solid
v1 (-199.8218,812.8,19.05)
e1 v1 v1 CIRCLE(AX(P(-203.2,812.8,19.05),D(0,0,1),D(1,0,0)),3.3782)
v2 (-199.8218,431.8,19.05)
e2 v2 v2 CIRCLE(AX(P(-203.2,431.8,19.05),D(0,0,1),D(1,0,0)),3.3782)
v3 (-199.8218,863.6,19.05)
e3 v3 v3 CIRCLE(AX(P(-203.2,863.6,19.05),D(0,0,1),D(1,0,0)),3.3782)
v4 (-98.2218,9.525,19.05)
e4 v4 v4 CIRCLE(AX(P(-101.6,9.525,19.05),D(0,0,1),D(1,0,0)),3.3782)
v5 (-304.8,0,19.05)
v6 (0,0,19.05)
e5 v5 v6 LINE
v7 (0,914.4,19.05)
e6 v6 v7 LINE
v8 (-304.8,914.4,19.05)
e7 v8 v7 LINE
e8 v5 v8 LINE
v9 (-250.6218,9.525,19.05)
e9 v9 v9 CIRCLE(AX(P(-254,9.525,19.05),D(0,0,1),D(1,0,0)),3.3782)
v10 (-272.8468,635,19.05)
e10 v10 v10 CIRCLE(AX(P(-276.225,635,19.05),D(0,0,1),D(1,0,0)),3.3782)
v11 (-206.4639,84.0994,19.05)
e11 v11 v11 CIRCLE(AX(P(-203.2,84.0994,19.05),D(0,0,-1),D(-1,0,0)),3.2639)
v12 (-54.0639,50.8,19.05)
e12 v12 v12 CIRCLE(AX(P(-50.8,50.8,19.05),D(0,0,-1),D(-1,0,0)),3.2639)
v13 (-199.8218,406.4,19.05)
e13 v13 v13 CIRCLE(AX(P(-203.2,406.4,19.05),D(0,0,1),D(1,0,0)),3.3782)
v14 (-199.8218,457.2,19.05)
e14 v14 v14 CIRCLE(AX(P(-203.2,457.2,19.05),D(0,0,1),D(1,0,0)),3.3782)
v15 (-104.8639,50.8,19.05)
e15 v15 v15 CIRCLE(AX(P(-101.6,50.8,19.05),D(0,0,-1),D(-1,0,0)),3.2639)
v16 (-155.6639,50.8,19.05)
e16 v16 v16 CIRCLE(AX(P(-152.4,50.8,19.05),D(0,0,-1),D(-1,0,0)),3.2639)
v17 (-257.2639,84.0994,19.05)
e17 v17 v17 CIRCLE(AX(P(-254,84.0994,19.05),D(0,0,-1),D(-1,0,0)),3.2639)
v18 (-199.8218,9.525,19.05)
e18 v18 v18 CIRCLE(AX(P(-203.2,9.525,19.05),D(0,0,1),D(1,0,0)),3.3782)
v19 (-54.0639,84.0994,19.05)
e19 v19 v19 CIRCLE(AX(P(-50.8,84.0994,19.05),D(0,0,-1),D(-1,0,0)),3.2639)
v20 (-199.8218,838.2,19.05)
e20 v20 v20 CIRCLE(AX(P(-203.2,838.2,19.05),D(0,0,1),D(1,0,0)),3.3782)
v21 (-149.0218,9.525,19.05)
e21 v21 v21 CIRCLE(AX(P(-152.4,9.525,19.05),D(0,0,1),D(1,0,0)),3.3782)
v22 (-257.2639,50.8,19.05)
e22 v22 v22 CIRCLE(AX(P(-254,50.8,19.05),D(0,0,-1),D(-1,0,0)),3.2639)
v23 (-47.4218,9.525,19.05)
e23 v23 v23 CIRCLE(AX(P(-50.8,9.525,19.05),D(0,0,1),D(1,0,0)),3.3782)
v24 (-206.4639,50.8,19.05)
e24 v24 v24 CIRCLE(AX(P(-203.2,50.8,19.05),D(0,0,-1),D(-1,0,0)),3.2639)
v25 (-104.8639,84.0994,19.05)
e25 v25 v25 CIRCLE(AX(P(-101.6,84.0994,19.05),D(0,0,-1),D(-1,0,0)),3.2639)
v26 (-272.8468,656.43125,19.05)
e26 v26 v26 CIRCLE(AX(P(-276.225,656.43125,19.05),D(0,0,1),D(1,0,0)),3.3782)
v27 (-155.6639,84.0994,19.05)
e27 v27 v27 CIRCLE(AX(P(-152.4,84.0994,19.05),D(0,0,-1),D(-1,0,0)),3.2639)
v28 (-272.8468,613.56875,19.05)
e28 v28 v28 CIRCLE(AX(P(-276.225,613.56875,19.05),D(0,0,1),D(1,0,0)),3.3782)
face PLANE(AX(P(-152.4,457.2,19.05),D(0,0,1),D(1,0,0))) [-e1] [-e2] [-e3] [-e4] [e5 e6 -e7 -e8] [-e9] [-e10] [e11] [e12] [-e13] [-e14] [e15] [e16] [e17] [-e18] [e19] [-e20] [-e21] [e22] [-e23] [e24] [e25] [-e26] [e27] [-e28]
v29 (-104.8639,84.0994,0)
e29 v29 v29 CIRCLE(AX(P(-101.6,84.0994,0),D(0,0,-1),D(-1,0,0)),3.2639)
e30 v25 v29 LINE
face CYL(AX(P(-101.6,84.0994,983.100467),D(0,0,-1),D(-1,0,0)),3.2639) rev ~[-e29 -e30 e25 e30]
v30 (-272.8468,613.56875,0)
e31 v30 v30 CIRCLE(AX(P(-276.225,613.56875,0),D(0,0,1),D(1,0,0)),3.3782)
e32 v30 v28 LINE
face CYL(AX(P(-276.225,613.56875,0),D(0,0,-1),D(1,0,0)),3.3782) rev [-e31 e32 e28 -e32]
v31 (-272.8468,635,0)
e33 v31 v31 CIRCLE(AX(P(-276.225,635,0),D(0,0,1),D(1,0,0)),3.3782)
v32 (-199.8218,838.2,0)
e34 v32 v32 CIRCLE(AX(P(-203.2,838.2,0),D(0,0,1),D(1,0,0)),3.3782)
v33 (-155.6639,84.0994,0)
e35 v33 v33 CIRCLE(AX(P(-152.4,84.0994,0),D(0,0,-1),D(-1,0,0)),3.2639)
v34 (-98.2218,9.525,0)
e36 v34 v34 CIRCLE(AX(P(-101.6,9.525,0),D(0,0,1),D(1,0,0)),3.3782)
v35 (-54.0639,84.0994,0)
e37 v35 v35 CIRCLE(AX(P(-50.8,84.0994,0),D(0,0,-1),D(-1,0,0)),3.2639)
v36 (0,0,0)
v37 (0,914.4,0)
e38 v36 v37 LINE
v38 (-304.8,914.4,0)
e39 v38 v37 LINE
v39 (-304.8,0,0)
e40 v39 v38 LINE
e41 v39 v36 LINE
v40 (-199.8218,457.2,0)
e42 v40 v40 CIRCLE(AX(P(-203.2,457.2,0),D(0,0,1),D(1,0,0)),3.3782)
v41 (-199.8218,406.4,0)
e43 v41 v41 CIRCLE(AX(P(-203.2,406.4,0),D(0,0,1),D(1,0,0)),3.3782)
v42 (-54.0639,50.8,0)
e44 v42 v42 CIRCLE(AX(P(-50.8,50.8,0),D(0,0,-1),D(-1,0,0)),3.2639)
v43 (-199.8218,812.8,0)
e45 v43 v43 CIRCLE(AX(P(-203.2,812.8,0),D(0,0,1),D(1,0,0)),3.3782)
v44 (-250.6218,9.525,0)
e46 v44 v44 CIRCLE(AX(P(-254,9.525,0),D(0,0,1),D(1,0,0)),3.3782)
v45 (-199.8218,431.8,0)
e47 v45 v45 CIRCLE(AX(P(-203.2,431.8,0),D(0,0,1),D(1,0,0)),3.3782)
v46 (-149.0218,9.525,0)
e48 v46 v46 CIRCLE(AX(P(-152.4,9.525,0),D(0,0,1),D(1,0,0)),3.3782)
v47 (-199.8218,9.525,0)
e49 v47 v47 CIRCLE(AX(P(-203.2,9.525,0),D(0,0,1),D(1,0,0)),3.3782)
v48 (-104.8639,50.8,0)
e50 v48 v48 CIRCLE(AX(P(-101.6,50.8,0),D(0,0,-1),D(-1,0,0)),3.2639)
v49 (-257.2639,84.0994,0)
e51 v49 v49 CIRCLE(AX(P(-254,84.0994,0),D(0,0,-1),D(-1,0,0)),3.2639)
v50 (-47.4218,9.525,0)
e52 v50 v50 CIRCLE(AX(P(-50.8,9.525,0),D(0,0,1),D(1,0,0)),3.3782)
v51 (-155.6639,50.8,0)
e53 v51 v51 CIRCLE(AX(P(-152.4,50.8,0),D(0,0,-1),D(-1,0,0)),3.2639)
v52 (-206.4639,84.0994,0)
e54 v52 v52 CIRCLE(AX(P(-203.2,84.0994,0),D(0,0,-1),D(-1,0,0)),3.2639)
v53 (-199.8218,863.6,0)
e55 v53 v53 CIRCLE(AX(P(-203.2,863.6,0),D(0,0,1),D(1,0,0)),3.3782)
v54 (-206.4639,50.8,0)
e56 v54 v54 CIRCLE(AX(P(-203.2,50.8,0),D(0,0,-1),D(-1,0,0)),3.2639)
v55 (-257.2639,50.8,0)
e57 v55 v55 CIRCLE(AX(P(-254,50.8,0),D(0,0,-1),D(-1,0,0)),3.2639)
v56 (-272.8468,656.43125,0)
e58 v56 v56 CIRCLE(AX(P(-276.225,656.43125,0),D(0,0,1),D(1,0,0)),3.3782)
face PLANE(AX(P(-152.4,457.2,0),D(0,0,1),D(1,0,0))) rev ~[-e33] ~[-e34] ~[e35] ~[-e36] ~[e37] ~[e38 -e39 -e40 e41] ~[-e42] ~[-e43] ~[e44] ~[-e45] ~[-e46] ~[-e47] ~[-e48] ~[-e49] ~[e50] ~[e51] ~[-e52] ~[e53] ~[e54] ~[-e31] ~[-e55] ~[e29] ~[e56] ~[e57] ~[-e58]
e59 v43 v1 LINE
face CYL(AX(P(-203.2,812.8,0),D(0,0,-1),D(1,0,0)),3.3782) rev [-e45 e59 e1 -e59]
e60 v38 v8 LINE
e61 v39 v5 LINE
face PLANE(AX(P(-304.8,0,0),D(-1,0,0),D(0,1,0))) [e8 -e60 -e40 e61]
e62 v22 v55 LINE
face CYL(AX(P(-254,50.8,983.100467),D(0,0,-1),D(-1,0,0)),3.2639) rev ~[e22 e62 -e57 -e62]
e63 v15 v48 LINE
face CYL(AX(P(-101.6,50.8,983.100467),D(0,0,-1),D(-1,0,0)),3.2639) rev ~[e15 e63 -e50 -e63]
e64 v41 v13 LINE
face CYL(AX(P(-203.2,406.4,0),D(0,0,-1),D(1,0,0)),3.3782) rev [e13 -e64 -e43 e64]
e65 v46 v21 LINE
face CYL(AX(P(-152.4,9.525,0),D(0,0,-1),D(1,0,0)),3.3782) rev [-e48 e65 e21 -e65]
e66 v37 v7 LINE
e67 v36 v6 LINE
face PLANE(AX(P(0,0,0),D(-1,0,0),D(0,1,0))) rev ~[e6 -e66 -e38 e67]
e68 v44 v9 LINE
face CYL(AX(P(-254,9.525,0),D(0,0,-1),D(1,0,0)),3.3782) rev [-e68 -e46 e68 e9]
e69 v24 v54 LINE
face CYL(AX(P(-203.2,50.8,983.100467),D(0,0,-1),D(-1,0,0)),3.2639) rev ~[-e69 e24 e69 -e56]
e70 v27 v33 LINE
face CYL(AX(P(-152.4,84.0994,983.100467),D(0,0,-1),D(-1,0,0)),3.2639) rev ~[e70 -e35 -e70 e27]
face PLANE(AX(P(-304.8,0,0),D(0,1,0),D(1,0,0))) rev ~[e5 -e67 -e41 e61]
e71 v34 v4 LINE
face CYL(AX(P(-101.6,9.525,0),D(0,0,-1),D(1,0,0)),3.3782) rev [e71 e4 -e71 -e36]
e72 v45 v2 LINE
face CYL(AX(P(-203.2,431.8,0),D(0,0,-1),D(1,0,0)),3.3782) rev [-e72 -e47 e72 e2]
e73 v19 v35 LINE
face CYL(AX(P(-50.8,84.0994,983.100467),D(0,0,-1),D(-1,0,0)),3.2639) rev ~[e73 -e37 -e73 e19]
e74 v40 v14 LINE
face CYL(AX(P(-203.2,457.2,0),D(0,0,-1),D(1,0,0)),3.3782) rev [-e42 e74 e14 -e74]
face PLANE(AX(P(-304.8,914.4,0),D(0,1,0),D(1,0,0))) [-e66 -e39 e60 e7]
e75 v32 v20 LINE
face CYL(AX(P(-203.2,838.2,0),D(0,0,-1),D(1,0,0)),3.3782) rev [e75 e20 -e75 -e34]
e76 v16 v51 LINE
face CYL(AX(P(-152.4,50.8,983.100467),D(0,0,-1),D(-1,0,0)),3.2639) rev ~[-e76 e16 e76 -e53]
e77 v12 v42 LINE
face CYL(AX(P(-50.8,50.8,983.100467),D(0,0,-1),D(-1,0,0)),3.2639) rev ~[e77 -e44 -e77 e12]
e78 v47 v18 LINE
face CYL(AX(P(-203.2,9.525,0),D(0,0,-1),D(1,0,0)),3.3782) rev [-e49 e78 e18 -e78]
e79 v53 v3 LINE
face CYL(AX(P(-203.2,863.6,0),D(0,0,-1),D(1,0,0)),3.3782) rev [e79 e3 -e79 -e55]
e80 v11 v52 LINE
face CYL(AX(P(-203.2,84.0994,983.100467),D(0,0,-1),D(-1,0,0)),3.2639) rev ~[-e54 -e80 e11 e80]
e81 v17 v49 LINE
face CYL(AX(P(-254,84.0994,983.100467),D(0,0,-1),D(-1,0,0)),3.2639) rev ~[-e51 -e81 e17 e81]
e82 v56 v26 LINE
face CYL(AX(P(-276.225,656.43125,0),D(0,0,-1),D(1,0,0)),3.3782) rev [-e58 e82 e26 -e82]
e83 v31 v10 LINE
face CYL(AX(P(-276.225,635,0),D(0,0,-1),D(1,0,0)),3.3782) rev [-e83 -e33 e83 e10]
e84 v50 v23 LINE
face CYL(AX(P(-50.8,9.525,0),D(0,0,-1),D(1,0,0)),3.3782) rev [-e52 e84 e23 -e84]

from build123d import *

# Parameters (mm, degrees)
F0_W     = 304.8
F0_H     = 914.4
F0_R     = 3.3782
F1_DEPTH = 19.05
F3_D     = 6.5278


with BuildPart() as f1:
    # F0 (on Top) → F1 (new body)
    with BuildSketch(Plane.XY):
        with Locations((-152.4, 457.2)):
            Rectangle(F0_W, F0_H)
        with Locations((-254, 9.525)):
            Circle(F0_R, mode=Mode.SUBTRACT)
        with Locations((-203.2, 9.525)):
            Circle(F0_R, mode=Mode.SUBTRACT)
        with Locations((-203.2, 406.4)):
            Circle(F0_R, mode=Mode.SUBTRACT)
        with Locations((-203.2, 431.8)):
            Circle(F0_R, mode=Mode.SUBTRACT)
        with Locations((-152.4, 9.525)):
            Circle(F0_R, mode=Mode.SUBTRACT)
        with Locations((-101.6, 9.525)):
            Circle(F0_R, mode=Mode.SUBTRACT)
        with Locations((-50.8, 9.525)):
            Circle(F0_R, mode=Mode.SUBTRACT)
        with Locations((-276.225, 613.56875)):
            Circle(F0_R, mode=Mode.SUBTRACT)
        with Locations((-276.225, 635)):
            Circle(F0_R, mode=Mode.SUBTRACT)
        with Locations((-276.225, 656.43125)):
            Circle(F0_R, mode=Mode.SUBTRACT)
        with Locations((-203.2, 457.2)):
            Circle(F0_R, mode=Mode.SUBTRACT)
        with Locations((-203.2, 812.8)):
            Circle(F0_R, mode=Mode.SUBTRACT)
        with Locations((-203.2, 838.2)):
            Circle(F0_R, mode=Mode.SUBTRACT)
        with Locations((-203.2, 863.6)):
            Circle(F0_R, mode=Mode.SUBTRACT)
    extrude(amount=F1_DEPTH)

    # F3 (through all)
    with Locations(Plane.XY.offset(19.05)):
        with Locations((-254, 84.0994), (-203.2, 84.0994), (-152.4, 84.0994), (-101.6, 84.0994), (-50.8, 84.0994), (-50.8, 50.8), (-101.6, 50.8), (-152.4, 50.8), (-203.2, 50.8), (-254, 50.8)):
            Hole(F3_D / 2)


solid = f1.part
